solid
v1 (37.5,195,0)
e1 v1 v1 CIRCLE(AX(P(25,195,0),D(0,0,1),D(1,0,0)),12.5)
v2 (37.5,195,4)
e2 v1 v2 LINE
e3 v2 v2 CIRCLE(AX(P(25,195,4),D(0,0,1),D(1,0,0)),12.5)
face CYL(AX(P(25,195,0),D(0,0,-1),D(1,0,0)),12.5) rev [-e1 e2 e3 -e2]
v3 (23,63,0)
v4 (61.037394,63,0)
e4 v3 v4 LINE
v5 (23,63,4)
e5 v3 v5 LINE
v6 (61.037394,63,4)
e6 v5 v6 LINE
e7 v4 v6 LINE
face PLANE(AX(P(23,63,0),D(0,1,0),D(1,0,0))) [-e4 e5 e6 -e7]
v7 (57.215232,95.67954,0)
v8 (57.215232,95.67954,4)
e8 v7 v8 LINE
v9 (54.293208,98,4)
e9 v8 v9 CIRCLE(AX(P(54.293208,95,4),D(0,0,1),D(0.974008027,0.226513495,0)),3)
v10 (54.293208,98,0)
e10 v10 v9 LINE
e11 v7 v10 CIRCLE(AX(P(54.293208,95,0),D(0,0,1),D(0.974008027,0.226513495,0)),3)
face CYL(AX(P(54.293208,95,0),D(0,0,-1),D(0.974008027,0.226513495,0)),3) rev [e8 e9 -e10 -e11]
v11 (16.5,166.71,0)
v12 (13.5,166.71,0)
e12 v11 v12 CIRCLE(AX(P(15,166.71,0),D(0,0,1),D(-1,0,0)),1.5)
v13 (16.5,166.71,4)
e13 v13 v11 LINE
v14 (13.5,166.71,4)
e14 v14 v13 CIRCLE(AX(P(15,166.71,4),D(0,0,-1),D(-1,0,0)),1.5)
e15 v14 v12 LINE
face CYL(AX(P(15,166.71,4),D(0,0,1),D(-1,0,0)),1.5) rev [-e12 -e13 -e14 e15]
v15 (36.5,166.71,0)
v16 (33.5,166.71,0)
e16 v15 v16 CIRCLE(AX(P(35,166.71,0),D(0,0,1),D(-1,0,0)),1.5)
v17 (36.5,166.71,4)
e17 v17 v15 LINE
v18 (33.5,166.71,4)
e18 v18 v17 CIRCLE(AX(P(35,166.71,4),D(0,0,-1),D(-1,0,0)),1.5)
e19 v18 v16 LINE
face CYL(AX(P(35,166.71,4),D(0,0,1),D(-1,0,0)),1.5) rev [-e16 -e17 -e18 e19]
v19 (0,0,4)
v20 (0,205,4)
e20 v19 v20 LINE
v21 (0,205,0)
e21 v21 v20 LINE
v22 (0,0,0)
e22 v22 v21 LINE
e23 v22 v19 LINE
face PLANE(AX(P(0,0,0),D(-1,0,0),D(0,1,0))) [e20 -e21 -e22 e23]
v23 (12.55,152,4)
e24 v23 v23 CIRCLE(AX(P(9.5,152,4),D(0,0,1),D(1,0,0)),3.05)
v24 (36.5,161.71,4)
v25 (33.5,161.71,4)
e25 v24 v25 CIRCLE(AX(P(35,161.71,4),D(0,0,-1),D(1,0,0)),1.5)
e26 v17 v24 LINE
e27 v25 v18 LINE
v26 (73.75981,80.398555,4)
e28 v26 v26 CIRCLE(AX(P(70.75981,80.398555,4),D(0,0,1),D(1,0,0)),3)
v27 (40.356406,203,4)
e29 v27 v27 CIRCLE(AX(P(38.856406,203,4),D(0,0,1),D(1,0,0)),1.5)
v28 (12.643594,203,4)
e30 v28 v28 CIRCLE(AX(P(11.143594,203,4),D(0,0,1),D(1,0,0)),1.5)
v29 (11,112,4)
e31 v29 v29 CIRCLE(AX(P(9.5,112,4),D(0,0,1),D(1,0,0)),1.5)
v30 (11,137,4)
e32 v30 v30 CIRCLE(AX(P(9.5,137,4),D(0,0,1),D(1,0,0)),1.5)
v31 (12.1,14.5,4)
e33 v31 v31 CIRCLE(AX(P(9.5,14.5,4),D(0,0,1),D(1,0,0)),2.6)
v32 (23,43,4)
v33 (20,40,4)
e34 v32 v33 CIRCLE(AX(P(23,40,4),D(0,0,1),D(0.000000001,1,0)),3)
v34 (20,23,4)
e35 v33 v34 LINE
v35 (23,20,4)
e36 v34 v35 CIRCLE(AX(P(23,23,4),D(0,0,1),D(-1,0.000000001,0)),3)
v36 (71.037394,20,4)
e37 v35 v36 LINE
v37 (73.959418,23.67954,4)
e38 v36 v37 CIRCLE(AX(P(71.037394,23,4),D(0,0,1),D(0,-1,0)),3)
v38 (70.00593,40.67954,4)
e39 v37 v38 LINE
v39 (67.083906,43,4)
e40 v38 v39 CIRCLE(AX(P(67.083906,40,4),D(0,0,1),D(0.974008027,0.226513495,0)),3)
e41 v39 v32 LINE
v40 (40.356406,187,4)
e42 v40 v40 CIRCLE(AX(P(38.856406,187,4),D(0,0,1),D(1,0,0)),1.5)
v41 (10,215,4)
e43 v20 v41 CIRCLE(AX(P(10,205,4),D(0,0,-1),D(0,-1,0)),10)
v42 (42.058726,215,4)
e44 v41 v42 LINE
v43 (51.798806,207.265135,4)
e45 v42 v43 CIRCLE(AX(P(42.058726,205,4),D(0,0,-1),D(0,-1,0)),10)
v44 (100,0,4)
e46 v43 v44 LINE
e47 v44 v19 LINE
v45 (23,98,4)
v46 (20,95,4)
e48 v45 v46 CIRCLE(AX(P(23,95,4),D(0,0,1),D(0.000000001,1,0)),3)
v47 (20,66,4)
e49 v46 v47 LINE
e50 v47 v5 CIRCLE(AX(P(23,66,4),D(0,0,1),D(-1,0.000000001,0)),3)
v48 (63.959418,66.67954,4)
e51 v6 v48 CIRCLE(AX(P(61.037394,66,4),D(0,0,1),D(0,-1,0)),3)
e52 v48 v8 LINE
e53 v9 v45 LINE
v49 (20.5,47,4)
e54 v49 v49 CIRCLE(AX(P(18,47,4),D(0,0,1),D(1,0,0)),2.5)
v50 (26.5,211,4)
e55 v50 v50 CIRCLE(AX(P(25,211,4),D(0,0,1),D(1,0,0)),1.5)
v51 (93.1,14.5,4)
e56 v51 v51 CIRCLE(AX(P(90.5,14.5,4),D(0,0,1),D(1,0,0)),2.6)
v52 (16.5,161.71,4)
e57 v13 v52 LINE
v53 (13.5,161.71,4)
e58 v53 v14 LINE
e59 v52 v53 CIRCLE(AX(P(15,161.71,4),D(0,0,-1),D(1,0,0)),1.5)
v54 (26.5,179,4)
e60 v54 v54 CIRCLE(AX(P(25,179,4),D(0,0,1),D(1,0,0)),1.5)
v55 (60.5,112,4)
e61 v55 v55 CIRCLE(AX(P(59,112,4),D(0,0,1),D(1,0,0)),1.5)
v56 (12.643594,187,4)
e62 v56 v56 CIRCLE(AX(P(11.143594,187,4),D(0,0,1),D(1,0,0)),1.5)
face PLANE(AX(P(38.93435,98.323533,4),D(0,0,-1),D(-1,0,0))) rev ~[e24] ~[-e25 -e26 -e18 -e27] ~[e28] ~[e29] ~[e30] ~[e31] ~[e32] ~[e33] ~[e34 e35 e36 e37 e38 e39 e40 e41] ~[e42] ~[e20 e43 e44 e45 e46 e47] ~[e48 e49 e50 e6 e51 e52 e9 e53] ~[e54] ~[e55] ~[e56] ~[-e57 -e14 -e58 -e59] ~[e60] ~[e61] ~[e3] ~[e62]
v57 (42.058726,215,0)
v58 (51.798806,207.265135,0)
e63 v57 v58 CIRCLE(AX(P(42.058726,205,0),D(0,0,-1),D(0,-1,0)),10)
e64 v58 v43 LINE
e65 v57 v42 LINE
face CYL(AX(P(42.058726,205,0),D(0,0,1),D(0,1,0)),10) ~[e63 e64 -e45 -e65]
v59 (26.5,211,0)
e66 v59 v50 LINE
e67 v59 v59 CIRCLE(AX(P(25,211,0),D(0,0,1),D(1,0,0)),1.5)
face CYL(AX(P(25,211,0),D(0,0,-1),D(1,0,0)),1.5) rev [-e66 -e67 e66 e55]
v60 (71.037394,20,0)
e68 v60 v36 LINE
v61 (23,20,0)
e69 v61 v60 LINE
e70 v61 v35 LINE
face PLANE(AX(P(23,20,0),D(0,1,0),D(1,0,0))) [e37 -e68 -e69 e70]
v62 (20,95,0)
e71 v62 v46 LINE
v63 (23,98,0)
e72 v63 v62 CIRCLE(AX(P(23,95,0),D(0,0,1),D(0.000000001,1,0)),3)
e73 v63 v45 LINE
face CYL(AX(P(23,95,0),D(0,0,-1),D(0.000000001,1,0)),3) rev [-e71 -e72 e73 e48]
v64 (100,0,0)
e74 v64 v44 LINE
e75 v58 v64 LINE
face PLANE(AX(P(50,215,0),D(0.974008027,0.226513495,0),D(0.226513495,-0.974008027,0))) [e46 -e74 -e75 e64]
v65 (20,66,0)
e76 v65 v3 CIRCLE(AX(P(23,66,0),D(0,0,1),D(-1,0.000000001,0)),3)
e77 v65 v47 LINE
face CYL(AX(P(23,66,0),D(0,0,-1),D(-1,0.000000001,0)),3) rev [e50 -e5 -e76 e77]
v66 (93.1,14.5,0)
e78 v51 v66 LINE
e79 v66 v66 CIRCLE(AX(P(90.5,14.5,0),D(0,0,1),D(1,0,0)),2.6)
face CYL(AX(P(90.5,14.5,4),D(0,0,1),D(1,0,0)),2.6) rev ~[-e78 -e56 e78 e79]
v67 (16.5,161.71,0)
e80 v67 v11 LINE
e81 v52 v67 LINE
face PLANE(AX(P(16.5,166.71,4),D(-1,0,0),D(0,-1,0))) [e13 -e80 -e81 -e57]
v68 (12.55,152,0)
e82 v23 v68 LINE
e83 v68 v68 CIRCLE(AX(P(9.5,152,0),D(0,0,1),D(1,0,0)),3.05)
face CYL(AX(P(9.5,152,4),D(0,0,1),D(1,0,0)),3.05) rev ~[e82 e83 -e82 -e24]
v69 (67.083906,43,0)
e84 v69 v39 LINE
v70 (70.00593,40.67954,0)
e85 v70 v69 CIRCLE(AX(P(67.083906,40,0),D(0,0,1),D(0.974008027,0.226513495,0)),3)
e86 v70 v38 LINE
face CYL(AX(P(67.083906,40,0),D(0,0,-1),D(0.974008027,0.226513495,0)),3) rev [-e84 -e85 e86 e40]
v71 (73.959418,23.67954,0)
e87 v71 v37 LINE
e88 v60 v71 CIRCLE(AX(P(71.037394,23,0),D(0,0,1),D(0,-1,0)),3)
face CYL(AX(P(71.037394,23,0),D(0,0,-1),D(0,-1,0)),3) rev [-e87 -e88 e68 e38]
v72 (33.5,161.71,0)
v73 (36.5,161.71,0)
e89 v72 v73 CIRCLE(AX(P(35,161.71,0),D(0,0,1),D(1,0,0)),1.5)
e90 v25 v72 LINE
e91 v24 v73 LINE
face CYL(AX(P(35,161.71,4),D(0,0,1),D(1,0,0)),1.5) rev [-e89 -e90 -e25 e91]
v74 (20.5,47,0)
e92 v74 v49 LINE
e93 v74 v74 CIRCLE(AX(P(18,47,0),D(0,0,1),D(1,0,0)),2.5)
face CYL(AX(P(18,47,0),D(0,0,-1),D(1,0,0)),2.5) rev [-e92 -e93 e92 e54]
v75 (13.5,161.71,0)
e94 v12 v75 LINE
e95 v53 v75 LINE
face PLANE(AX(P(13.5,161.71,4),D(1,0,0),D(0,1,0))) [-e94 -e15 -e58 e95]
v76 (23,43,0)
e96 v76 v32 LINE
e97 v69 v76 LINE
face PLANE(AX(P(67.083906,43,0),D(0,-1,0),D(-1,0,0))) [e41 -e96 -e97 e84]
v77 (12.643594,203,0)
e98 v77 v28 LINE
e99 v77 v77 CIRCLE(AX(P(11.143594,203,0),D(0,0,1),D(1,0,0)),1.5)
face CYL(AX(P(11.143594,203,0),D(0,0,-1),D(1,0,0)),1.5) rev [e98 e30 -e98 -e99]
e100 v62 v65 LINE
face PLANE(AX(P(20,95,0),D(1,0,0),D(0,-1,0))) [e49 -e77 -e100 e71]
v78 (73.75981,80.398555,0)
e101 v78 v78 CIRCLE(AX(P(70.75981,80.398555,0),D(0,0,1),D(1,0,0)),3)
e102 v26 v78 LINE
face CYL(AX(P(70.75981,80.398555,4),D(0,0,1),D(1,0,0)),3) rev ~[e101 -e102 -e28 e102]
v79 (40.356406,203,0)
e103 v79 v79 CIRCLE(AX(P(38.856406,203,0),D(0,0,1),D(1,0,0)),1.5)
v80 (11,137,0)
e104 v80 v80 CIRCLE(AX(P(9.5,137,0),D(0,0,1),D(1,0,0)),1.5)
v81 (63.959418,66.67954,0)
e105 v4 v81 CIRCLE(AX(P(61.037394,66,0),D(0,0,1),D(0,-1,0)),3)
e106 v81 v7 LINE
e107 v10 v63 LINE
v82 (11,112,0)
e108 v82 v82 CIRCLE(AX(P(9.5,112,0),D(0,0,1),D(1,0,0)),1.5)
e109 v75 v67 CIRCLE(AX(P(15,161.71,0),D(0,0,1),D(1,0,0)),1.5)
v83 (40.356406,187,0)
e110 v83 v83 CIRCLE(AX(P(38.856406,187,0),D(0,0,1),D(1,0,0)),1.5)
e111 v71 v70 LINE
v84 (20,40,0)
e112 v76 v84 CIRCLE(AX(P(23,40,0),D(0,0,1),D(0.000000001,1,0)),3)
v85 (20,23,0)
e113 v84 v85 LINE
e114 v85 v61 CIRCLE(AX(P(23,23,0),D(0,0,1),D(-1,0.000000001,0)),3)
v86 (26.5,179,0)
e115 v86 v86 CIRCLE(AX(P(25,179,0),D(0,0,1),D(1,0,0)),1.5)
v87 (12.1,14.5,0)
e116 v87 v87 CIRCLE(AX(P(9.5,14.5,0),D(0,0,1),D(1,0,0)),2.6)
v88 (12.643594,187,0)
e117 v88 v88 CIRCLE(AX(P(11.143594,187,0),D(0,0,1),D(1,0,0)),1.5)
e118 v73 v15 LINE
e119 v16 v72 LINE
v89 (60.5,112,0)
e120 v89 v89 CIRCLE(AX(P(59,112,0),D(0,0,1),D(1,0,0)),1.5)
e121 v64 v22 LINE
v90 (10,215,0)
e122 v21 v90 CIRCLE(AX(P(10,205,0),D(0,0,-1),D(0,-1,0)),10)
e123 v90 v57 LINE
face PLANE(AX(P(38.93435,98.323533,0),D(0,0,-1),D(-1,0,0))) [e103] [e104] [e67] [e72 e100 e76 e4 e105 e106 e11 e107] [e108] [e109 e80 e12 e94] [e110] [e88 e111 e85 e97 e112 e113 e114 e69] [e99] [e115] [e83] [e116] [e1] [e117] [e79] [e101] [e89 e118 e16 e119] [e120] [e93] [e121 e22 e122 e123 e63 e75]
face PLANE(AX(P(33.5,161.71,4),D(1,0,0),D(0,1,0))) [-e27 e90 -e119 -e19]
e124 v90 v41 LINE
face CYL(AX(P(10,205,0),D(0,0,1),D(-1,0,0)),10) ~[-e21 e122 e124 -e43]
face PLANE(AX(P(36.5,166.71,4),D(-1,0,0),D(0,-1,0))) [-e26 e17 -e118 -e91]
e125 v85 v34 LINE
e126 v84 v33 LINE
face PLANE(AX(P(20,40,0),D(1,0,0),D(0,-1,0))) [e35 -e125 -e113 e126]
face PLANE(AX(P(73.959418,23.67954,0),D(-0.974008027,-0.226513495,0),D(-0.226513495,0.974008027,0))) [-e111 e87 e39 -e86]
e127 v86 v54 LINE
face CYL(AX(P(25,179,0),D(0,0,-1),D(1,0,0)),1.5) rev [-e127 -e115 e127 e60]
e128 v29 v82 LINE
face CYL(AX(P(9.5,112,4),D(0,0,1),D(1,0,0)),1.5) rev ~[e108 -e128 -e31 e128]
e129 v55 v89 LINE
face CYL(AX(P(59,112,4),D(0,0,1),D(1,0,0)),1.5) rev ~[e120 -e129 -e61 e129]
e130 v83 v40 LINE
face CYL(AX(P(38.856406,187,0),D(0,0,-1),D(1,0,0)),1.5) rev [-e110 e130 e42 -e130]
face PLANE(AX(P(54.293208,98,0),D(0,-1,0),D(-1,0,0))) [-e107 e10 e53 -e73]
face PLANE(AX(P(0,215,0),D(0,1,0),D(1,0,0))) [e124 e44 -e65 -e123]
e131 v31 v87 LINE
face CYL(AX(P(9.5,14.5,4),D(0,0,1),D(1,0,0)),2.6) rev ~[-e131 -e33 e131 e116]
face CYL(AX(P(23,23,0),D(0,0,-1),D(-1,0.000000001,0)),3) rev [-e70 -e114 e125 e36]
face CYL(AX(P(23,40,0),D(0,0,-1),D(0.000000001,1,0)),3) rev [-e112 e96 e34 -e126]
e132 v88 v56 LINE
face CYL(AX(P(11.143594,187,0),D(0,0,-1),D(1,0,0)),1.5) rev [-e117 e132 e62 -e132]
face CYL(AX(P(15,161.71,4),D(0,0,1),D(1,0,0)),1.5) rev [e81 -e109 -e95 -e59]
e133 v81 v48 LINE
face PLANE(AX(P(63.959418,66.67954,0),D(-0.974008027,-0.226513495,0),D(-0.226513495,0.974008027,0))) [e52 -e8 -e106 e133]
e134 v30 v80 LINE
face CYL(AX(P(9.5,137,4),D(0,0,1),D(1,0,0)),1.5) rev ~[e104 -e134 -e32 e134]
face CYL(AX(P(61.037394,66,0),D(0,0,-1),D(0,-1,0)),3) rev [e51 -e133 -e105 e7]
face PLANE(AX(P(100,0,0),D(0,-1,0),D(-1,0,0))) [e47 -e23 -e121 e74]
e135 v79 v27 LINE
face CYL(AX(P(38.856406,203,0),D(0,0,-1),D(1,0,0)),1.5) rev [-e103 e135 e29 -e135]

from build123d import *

# Parameters (mm, degrees)
ESBO_O1_R                = 12.5
ESBO_O1_R_2              = 1.5
ESBO_O1_R_3              = 2.5
RESSALTO_EXTRUS_O2_DEPTH = 4
FILETE1_R                = 10
ESBO_O2_R                = 1.5
ESBO_O2_R_2              = 2.6
ESBO_O2_R_3              = 3.05
CORTE_EXTRUS_O1_DEPTH    = 5
ESBO_O3_R                = 3
CORTE_EXTRUS_O2_DEPTH    = 5


with BuildPart() as part:
    # Esboço1 → Ressalto-extrusão2 (new body)
    with BuildSketch(Plane.XY):
        Polygon((0, 0), (0, 215), (50, 215), (100, 0), align=None)
        with Locations((25, 195)):
            Circle(ESBO_O1_R, mode=Mode.SUBTRACT)
        with Locations((25, 211)):
            Circle(ESBO_O1_R_2, mode=Mode.SUBTRACT)
        with Locations((38.856406461, 203)):
            Circle(ESBO_O1_R_2, mode=Mode.SUBTRACT)
        with Locations((38.856406461, 187)):
            Circle(ESBO_O1_R_2, mode=Mode.SUBTRACT)
        with Locations((25, 179)):
            Circle(ESBO_O1_R_2, mode=Mode.SUBTRACT)
        with Locations((11.143593539, 187)):
            Circle(ESBO_O1_R_2, mode=Mode.SUBTRACT)
        with Locations((11.143593539, 203)):
            Circle(ESBO_O1_R_2, mode=Mode.SUBTRACT)
        with Locations((18, 47)):
            Circle(ESBO_O1_R_3, mode=Mode.SUBTRACT)
        with BuildLine():
            Line((20, 95), (20, 66))
            ThreePointArc((20, 66), (20.878679656, 63.878679656), (23, 63))
            Line((23, 63), (61.03739436, 63))
            ThreePointArc((61.03739436, 63), (63.386715693, 64.134339454), (63.959418441, 66.679540484))
            Line((63.959418441, 66.679540484), (57.215232395, 95.679540484))
            ThreePointArc((57.215232395, 95.679540484), (56.15886886, 97.349321333), (54.293208314, 98))
            Line((54.293208314, 98), (23, 98))
            ThreePointArc((23, 98), (20.878679656, 97.121320344), (20, 95))
        make_face(mode=Mode.SUBTRACT)
        with BuildLine():
            Line((20, 40), (20, 23))
            ThreePointArc((20, 23), (20.878679656, 20.878679656), (23, 20))
            Line((23, 20), (71.03739436, 20))
            ThreePointArc((71.03739436, 20), (73.386715693, 21.134339454), (73.959418441, 23.679540484))
            Line((73.959418441, 23.679540484), (70.005930069, 40.679540484))
            ThreePointArc((70.005930069, 40.679540484), (68.949566534, 42.349321333), (67.083905988, 43))
            Line((67.083905988, 43), (23, 43))
            ThreePointArc((23, 43), (20.878679656, 42.121320344), (20, 40))
        make_face(mode=Mode.SUBTRACT)
    extrude(amount=RESSALTO_EXTRUS_O2_DEPTH)

    # Filete1
    filete1_edges = [part.edges().sort_by_distance(p)[0] for p in [
        (0, 215, 2),
        (50, 215, 2),
    ]]
    fillet(filete1_edges, radius=FILETE1_R)

    # Esboço2 → Corte-extrusão1 (cut, through all)
    with BuildSketch(Plane.XY.offset(4)):
        with Locations((9.5, 137)):
            Circle(ESBO_O2_R)
        with Locations((90.5, 14.5)):
            Circle(ESBO_O2_R_2)
        with Locations((9.5, 112)):
            Circle(ESBO_O2_R)
        with Locations((9.5, 152)):
            Circle(ESBO_O2_R_3)
        with Locations((59, 112)):
            Circle(ESBO_O2_R)
        with Locations((9.5, 14.5)):
            Circle(ESBO_O2_R_2)
        with BuildLine():
            Line((13.5, 161.71), (13.5, 166.71))
            ThreePointArc((13.5, 166.71), (15, 168.21), (16.5, 166.71))
            Line((16.5, 166.71), (16.5, 161.71))
            ThreePointArc((16.5, 161.71), (15, 160.21), (13.5, 161.71))
        make_face()
        with BuildLine():
            Line((33.5, 161.71), (33.5, 166.71))
            ThreePointArc((33.5, 166.71), (35, 168.21), (36.5, 166.71))
            Line((36.5, 166.71), (36.5, 161.71))
            ThreePointArc((36.5, 161.71), (35, 160.21), (33.5, 161.71))
        make_face()
    extrude(amount=-CORTE_EXTRUS_O1_DEPTH, mode=Mode.SUBTRACT)

    # Esboço3 → Corte-extrusão2 (cut, through all)
    with BuildSketch(Plane.XY.offset(4)):
        with Locations((70.759810426, 80.398555206)):
            Circle(ESBO_O3_R)
    extrude(amount=-CORTE_EXTRUS_O2_DEPTH, mode=Mode.SUBTRACT)


solid = part.part
